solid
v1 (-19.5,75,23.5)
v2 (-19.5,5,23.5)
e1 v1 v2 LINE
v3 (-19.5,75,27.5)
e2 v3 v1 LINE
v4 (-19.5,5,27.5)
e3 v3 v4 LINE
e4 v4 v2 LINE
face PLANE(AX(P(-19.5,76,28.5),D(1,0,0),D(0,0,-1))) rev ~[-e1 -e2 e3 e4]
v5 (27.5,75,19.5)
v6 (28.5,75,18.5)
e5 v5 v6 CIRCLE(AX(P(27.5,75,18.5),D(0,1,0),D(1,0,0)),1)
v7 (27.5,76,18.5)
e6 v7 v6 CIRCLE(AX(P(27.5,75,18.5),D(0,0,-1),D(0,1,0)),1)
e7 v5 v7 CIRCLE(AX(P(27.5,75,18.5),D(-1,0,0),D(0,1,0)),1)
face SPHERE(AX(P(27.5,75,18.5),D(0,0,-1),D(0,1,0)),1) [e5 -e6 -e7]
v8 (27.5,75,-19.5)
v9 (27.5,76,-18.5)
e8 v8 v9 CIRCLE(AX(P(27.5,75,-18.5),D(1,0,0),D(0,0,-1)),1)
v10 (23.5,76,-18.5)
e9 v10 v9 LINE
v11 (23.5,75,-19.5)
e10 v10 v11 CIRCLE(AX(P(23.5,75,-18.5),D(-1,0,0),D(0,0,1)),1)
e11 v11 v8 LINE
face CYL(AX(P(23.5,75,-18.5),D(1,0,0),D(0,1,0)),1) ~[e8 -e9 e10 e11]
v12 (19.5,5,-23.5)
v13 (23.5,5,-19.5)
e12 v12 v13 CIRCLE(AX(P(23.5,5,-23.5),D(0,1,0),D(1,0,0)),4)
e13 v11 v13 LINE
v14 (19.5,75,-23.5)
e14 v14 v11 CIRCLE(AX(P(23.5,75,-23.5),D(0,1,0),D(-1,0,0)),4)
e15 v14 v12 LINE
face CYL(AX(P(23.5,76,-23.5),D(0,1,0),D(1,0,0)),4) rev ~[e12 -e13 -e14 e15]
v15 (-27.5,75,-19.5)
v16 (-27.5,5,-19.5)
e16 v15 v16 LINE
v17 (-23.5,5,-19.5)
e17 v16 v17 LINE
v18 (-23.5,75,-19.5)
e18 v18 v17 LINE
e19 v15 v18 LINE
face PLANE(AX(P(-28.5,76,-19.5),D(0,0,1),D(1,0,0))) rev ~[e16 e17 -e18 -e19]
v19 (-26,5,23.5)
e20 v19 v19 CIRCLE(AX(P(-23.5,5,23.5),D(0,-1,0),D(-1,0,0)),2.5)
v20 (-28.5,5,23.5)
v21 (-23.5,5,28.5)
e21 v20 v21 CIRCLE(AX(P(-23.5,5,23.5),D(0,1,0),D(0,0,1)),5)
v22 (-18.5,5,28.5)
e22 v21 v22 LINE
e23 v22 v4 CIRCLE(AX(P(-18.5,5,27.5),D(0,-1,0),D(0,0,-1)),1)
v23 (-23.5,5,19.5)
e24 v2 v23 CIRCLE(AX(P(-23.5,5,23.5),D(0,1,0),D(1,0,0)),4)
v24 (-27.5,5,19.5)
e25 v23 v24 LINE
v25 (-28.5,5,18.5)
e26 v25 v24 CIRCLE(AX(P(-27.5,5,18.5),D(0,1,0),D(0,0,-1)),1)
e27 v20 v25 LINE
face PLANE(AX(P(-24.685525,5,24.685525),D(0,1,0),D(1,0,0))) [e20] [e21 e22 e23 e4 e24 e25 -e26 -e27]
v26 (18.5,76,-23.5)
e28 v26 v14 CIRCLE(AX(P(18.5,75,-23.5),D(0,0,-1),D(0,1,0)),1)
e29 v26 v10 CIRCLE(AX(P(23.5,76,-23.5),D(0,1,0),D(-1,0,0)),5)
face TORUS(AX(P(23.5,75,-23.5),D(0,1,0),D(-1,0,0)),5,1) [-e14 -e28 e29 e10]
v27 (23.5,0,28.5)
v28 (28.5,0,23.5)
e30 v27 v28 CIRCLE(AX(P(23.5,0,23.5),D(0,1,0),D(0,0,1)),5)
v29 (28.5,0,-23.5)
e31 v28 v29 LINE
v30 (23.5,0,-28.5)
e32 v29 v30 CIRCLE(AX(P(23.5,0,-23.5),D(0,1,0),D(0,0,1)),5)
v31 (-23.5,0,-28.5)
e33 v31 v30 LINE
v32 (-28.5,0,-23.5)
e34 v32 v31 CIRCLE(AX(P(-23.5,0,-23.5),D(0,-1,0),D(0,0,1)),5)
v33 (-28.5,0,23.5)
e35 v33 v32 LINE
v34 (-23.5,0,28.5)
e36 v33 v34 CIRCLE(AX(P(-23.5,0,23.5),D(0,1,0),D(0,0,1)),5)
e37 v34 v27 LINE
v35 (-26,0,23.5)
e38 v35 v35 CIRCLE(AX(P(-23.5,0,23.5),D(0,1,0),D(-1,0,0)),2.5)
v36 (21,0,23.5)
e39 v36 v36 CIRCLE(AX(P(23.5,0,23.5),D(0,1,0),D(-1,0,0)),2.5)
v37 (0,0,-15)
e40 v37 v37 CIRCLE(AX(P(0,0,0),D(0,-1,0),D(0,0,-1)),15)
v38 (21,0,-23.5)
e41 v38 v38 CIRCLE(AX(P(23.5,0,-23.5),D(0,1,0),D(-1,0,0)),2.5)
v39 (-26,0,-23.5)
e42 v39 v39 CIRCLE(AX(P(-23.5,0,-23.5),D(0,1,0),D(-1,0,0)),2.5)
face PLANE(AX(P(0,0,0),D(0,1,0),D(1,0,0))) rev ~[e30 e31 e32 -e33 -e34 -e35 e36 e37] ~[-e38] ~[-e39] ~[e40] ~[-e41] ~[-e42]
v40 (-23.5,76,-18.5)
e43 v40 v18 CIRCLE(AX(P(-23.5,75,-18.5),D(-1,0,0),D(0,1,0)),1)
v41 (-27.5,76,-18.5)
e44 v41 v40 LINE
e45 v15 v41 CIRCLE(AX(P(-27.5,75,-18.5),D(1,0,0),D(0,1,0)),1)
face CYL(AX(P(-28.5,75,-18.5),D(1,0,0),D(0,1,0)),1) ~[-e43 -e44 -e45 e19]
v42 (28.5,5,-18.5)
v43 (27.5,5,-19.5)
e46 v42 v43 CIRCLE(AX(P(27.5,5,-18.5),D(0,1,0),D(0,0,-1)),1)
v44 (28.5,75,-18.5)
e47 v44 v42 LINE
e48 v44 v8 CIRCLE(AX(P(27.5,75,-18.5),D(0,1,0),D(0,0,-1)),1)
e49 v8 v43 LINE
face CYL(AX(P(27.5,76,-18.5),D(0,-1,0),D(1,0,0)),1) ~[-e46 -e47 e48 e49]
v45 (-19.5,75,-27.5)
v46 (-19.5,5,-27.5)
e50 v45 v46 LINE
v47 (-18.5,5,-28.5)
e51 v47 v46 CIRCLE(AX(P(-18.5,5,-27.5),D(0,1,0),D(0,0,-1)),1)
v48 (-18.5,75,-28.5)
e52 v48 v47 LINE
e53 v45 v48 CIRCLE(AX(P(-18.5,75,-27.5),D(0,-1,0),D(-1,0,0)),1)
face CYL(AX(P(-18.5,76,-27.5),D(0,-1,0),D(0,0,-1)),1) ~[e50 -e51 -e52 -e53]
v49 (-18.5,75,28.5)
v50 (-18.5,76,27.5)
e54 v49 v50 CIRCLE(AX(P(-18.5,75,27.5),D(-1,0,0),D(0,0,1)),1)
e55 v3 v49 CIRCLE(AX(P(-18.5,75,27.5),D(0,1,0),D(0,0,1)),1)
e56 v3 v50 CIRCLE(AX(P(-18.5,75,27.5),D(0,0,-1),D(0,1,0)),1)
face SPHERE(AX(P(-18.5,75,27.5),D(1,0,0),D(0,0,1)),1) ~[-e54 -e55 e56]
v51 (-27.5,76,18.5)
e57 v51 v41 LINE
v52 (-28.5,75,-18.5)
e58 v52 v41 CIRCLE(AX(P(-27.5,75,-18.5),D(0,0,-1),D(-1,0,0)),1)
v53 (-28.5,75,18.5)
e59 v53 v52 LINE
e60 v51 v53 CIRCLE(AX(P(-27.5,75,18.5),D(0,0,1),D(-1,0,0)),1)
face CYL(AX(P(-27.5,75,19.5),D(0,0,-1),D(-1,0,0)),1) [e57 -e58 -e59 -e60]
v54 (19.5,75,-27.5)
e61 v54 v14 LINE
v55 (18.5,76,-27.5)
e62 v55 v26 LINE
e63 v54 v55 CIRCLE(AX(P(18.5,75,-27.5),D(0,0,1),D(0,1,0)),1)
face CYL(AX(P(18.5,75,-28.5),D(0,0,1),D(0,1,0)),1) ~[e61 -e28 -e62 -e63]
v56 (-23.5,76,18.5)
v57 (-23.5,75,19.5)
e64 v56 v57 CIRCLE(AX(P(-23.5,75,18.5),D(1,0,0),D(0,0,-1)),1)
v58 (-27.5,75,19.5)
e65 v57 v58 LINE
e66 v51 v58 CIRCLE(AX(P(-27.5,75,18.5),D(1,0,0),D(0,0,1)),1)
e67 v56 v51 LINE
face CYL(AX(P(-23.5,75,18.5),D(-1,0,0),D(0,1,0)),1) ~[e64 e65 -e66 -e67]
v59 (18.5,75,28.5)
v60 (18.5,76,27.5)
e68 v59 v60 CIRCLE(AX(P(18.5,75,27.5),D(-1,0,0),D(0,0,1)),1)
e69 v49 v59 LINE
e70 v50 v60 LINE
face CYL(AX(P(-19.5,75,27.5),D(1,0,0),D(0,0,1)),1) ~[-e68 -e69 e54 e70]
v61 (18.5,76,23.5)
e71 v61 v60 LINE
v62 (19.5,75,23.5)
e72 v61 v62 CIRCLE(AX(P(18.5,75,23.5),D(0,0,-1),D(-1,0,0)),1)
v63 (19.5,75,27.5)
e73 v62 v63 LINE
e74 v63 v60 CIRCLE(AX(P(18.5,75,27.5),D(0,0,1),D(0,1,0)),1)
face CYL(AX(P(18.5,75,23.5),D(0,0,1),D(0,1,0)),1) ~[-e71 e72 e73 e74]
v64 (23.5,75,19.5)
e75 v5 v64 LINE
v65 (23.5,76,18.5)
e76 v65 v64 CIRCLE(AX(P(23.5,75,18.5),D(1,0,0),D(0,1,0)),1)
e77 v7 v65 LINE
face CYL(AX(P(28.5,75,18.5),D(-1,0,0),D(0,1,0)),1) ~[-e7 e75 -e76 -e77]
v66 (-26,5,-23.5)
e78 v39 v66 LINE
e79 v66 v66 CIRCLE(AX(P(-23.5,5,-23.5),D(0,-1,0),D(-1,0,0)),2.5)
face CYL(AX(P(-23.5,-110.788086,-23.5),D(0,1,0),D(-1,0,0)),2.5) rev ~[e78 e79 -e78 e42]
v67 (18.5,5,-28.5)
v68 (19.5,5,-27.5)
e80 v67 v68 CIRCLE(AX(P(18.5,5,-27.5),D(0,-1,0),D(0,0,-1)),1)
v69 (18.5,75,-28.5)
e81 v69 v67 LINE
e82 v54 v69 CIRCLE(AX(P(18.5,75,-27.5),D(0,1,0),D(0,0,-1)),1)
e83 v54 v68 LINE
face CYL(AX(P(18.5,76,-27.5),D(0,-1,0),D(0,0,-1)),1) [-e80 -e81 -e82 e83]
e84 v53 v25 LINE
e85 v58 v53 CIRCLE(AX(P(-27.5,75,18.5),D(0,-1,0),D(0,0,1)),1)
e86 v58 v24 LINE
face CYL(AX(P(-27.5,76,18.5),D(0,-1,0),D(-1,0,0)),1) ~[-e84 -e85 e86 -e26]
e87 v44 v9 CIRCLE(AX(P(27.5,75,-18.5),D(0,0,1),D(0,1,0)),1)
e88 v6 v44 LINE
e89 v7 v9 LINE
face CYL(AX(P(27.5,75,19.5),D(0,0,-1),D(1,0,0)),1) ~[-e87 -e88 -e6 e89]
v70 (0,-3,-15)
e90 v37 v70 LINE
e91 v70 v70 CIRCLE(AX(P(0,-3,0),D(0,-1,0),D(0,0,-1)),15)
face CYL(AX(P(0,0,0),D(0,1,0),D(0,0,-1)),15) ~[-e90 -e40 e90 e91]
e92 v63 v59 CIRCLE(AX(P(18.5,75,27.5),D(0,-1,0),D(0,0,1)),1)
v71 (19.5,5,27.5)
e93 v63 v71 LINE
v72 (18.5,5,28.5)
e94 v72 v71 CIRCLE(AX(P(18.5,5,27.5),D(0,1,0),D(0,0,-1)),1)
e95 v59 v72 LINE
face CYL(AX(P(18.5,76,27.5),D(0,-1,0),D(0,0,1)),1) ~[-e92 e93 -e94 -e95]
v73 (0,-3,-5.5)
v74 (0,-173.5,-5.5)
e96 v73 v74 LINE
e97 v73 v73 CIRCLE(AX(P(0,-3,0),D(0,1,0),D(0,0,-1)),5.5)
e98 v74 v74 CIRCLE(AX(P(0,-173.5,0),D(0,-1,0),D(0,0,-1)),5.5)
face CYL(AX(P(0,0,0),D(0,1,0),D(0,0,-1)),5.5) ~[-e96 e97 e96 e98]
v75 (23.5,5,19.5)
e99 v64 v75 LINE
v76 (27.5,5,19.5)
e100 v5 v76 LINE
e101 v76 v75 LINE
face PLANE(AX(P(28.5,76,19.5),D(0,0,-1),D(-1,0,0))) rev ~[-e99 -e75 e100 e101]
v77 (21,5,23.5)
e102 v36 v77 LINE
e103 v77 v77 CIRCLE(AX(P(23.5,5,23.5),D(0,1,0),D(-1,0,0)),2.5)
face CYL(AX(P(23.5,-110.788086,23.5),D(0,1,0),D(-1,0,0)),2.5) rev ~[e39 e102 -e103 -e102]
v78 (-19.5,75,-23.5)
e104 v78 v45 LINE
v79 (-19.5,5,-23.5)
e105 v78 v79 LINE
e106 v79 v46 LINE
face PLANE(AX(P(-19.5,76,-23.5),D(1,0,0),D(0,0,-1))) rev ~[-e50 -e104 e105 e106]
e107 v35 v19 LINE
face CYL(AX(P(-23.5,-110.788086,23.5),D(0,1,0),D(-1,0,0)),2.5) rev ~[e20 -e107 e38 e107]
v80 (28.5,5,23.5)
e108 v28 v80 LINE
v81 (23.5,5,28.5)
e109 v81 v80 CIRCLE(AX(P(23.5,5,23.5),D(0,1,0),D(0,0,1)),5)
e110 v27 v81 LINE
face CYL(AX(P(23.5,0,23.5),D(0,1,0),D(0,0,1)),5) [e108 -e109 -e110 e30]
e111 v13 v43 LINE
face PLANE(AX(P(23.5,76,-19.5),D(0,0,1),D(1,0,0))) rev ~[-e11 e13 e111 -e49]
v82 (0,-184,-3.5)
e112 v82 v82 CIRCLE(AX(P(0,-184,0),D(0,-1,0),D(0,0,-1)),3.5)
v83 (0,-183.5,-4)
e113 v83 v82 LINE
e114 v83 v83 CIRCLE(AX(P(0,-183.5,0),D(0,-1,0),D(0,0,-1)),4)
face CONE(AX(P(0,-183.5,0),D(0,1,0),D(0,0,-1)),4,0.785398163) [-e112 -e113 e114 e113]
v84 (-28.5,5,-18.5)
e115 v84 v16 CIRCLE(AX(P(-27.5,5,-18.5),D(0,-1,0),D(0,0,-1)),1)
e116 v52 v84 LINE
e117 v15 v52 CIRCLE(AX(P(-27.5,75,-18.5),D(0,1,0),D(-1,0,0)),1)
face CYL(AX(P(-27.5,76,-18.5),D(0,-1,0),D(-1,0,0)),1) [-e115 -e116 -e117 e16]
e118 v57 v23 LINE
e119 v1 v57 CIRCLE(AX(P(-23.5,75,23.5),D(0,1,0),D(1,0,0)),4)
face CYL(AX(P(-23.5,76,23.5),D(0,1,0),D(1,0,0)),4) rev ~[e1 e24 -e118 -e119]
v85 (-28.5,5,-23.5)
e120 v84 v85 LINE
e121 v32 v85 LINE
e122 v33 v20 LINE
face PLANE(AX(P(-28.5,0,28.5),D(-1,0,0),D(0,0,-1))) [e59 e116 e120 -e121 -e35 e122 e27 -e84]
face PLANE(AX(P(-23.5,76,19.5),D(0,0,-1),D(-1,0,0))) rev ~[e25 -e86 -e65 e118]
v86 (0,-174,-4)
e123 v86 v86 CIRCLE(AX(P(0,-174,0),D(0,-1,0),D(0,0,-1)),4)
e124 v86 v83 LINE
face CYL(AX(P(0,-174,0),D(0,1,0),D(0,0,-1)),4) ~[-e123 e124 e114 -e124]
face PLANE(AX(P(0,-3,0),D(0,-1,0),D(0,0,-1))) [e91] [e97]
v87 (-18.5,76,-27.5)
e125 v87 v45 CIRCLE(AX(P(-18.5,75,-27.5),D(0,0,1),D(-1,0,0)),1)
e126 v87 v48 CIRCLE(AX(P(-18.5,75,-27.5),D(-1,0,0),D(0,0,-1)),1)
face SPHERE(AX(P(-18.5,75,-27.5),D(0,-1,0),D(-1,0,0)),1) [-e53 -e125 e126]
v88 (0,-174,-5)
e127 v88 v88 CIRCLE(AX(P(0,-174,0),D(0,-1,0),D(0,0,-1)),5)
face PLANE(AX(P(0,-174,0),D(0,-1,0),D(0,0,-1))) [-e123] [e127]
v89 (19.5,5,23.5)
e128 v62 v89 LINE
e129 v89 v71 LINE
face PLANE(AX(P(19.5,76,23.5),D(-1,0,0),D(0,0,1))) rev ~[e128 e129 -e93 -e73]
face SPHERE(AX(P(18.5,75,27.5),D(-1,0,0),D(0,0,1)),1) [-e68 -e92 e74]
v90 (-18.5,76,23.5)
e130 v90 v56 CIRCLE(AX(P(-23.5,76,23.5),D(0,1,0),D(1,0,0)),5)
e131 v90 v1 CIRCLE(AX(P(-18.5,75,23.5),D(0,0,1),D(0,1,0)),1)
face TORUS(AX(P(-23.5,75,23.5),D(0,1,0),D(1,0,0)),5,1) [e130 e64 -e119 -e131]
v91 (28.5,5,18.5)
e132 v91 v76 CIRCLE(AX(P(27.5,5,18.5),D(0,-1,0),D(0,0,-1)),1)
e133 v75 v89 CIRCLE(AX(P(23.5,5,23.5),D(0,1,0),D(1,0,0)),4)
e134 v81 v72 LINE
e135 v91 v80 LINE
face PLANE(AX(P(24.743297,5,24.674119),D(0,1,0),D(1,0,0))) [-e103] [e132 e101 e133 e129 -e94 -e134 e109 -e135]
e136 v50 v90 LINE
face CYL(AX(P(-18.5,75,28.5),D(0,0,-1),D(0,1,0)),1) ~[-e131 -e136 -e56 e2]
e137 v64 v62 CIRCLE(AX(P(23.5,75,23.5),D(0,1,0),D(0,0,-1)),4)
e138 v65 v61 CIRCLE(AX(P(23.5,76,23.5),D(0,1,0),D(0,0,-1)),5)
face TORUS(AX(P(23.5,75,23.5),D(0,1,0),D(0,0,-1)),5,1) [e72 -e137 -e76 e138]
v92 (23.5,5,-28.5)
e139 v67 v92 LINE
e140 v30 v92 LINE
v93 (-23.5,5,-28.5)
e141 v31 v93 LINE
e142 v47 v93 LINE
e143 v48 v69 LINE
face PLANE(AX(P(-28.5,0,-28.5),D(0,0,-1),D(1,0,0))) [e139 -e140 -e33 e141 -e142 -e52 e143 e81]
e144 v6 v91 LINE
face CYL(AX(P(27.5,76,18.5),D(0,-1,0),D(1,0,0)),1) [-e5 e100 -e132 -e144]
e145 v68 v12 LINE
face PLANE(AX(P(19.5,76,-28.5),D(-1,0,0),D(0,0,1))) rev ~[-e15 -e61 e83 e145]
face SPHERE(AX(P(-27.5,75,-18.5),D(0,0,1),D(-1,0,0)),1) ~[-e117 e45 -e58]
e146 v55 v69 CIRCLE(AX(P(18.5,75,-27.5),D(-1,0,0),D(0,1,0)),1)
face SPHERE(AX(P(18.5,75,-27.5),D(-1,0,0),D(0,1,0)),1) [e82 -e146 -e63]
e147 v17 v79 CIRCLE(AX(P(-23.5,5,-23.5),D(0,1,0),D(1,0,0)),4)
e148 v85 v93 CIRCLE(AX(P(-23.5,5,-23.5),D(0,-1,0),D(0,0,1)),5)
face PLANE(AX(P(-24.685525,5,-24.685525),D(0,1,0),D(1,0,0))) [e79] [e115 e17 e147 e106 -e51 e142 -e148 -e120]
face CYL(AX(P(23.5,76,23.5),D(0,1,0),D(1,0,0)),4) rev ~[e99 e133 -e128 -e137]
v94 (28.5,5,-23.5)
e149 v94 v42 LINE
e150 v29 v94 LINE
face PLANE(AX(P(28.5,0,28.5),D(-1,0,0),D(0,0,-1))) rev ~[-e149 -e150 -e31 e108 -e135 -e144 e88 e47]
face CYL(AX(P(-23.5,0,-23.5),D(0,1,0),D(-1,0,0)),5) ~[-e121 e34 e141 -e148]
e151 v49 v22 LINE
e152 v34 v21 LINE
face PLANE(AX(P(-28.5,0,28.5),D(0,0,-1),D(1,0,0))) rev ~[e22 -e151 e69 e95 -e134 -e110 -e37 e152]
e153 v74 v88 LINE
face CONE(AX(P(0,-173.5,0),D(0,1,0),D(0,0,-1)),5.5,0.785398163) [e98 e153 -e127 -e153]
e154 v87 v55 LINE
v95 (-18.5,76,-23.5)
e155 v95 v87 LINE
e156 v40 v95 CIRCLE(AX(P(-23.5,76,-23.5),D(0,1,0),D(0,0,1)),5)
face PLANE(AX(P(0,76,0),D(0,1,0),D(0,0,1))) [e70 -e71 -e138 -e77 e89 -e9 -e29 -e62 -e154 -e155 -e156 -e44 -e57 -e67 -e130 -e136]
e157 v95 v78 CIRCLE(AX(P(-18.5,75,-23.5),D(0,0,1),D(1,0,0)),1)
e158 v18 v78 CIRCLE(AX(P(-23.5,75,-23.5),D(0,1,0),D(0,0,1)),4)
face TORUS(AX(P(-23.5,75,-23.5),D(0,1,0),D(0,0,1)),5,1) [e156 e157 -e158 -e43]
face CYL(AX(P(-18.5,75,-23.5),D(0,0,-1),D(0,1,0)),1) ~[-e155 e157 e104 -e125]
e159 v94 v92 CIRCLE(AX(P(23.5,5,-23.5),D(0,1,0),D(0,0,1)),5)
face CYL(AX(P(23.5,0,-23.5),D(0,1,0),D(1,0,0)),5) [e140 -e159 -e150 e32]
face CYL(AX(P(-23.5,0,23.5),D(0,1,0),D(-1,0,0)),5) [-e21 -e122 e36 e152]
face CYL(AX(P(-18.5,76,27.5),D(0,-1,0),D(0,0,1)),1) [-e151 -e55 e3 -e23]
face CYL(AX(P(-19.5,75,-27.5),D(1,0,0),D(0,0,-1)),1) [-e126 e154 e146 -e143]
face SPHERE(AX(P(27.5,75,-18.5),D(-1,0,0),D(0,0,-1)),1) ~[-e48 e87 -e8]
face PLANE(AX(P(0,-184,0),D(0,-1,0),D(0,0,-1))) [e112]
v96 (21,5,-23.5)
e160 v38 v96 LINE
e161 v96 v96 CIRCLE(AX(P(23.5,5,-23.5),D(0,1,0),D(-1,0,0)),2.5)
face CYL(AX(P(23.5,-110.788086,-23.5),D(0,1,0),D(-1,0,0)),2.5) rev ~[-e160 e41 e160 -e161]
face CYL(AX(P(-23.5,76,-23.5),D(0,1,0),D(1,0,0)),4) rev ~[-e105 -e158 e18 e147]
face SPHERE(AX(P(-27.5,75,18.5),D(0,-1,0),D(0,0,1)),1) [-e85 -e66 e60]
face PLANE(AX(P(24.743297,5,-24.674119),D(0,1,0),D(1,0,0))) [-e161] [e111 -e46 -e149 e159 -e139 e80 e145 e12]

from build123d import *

# Parameters (mm, degrees)
SKETCH1_W                = 57
SKETCH1_H                = 57
EXTRUDE1_DEPTH           = 76
F_5_0_5_DIAMETER_HOLE1_D = 5
SKETCH6_R                = 4
SKETCH6_R_2              = 2.5
EXTRUDE4_DEPTH           = 71
FILLET1_R                = 5
SKETCH7_R                = 3
EXTRUDE5_DEPTH           = 101
SKETCH8_R                = 15
EXTRUDE6_DEPTH           = 3
FILLET2_R                = 1
SKETCH9_R                = 5.5
BOSS_EXTRUDE1_DEPTH      = 174
CHAMFER1_SIZE            = 0.5
SKETCH10_R               = 4
BOSS_EXTRUDE2_DEPTH      = 10
CHAMFER2_SIZE            = 0.5


with BuildPart() as part:
    # Sketch1 → Extrude1 (new body)
    with BuildSketch(Plane(origin=(0, 0, 0), x_dir=(1, 0, 0), z_dir=(0, 1, 0))):
        Rectangle(SKETCH1_W, SKETCH1_H)
    extrude(amount=EXTRUDE1_DEPTH)

    # Ø5.0 (5) Diameter Hole1 (through all)
    with Locations(Plane.XZ):
        with Locations((-23.5, 23.5), (23.5, 23.5), (23.5, -23.5), (-23.5, -23.5)):
            Hole(F_5_0_5_DIAMETER_HOLE1_D / 2)

    # Sketch6 → Extrude4 (cut)
    # profile 1 of 12: a face of its own
    with BuildSketch(Plane(origin=(0, 76, 0), x_dir=(1, 0, 0), z_dir=(0, 1, 0))):
        Polygon((-28.5, 28.5), (-19.5, 28.5), (-19.5, 32.511741208), (-33.908905561, 32.511741208), (-33.908905561, 19.5), (-28.5, 19.5), align=None)
    # profile 2 of 12: a face of its own
    with BuildSketch(Plane(origin=(0, 76, 0), x_dir=(1, 0, 0), z_dir=(0, 1, 0))):
        with BuildLine():
            ThreePointArc((-23.5, 19.5), (-26.328427125, 26.328427125), (-19.5, 23.5))
            Line((-19.5, 23.5), (-19.5, 28.5))
            Line((-19.5, 28.5), (-28.5, 28.5))
            Line((-28.5, 28.5), (-28.5, 19.5))
            Line((-28.5, 19.5), (-23.5, 19.5))
        make_face()
    # profile 3 of 12: a face of its own
    with BuildSketch(Plane(origin=(0, 76, 0), x_dir=(1, 0, 0), z_dir=(0, 1, 0))):
        with Locations((-23.5, 23.5)):
            Circle(SKETCH6_R)
        with Locations(Location((-23.5, 23.5, 0), (0, 0, 90))):
            Circle(SKETCH6_R_2, mode=Mode.SUBTRACT)
    # profile 4 of 12: a face of its own
    with BuildSketch(Plane(origin=(0, 76, 0), x_dir=(1, 0, 0), z_dir=(0, 1, 0))):
        Polygon((19.5, 36.471560472), (19.5, 28.5), (28.5, 28.5), (28.5, 19.5), (41.168352552, 19.5), (41.168352552, 36.471560472), align=None)
    # profile 5 of 12: a face of its own
    with BuildSketch(Plane(origin=(0, 76, 0), x_dir=(1, 0, 0), z_dir=(0, 1, 0))):
        with BuildLine():
            Line((28.5, 28.5), (19.5, 28.5))
            Line((19.5, 28.5), (19.5, 23.5))
            ThreePointArc((19.5, 23.5), (23.5, 27.5), (27.5, 23.5))
            ThreePointArc((27.5, 23.5), (26.328427125, 20.671572875), (23.5, 19.5))
            Line((23.5, 19.5), (28.5, 19.5))
            Line((28.5, 19.5), (28.5, 28.5))
        make_face()
    # profile 6 of 12: a face of its own
    with BuildSketch(Plane(origin=(0, 76, 0), x_dir=(1, 0, 0), z_dir=(0, 1, 0))):
        with Locations((23.5, 23.5)):
            Circle(SKETCH6_R)
        with Locations(Location((23.5, 23.5, 0), (0, 0, 90))):
            Circle(SKETCH6_R_2, mode=Mode.SUBTRACT)
    # profile 7 of 12: a face of its own
    with BuildSketch(Plane(origin=(0, 76, 0), x_dir=(1, 0, 0), z_dir=(0, 1, 0))):
        with Locations((23.5, -23.5)):
            Circle(SKETCH6_R)
        with Locations(Location((23.5, -23.5, 0), (0, 0, 90))):
            Circle(SKETCH6_R_2, mode=Mode.SUBTRACT)
    # profile 8 of 12: a face of its own
    with BuildSketch(Plane(origin=(0, 76, 0), x_dir=(1, 0, 0), z_dir=(0, 1, 0))):
        with BuildLine():
            Line((28.5, -28.5), (28.5, -19.5))
            Line((28.5, -19.5), (23.5, -19.5))
            ThreePointArc((23.5, -19.5), (26.328427125, -20.671572875), (27.5, -23.5))
            ThreePointArc((27.5, -23.5), (23.5, -27.5), (19.5, -23.5))
            Line((19.5, -23.5), (19.5, -28.5))
            Line((19.5, -28.5), (28.5, -28.5))
        make_face()
    # profile 9 of 12: a face of its own
    with BuildSketch(Plane(origin=(0, 76, 0), x_dir=(1, 0, 0), z_dir=(0, 1, 0))):
        Polygon((44.252209519, -19.5), (28.5, -19.5), (28.5, -28.5), (19.5, -28.5), (19.5, -40.050429997), (44.252209519, -40.050429997), align=None)
    # profile 10 of 12: a face of its own
    with BuildSketch(Plane(origin=(0, 76, 0), x_dir=(1, 0, 0), z_dir=(0, 1, 0))):
        Polygon((-28.5, -28.5), (-28.5, -19.5), (-37.670786859, -19.5), (-37.670786859, -37.828231874), (-19.5, -37.828231874), (-19.5, -28.5), align=None)
    # profile 11 of 12: a face of its own
    with BuildSketch(Plane(origin=(0, 76, 0), x_dir=(1, 0, 0), z_dir=(0, 1, 0))):
        with BuildLine():
            Line((-23.5, -19.5), (-28.5, -19.5))
            Line((-28.5, -19.5), (-28.5, -28.5))
            Line((-28.5, -28.5), (-19.5, -28.5))
            Line((-19.5, -28.5), (-19.5, -23.5))
            ThreePointArc((-19.5, -23.5), (-26.328427125, -26.328427125), (-23.5, -19.5))
        make_face()
    # profile 12 of 12: a face of its own
    with BuildSketch(Plane(origin=(0, 76, 0), x_dir=(1, 0, 0), z_dir=(0, 1, 0))):
        with Locations((-23.5, -23.5)):
            Circle(SKETCH6_R)
        with Locations(Location((-23.5, -23.5, 0), (0, 0, 90))):
            Circle(SKETCH6_R_2, mode=Mode.SUBTRACT)
    extrude(amount=-EXTRUDE4_DEPTH, mode=Mode.SUBTRACT)

    # Fillet1
    fillet1_edges = [part.edges().sort_by_distance(p)[0] for p in [
        (-28.5, 2.5, 28.5),
        (-28.5, 2.5, -28.5),
        (28.5, 2.5, -28.5),
        (28.5, 2.5, 28.5),
    ]]
    fillet(fillet1_edges, radius=FILLET1_R)



with BuildPart() as body_2:
    # Sketch7 → Extrude5 (new body)
    with BuildSketch(Plane(origin=(0, 76, 0), x_dir=(1, 0, 0), z_dir=(0, 1, 0))):
        with Locations(Location((0, 0, 0), (0, 0, 270))):
            Circle(SKETCH7_R)
    extrude(amount=-EXTRUDE5_DEPTH)


with BuildPart() as part_1:
    add(part.part)

    add(body_2.part)  # Extrude6 merges body 2
    # Sketch8 → Extrude6 (add)
    with BuildSketch(Plane.XZ):
        with Locations(Location((0, 0, 0), (0, 0, 270))):
            Circle(SKETCH8_R)
    extrude(amount=EXTRUDE6_DEPTH)

    # Fillet2
    fillet2_edges = [part_1.edges().sort_by_distance(p)[0] for p in [
        (-28.5, 40.5, 19.5),
        (0, 76, 28.5),
        (-19.5, 40.5, 28.5),
        (-19.5, 76, 26),
        (-20.671572875, 76, 20.671572875),
        (-26, 76, 19.5),
        (-28.5, 76, 0),
        (-28.5, 40.5, -19.5),
        (-19.5, 40.5, -28.5),
        (-19.5, 76, -26),
        (-26, 76, -19.5),
        (-20.671572875, 76, -20.671572875),
        (0, 76, -28.5),
        (19.5, 76, -26),
        (26, 76, -19.5),
        (20.671572875, 76, -20.671572875),
        (19.5, 40.5, -28.5),
        (28.5, 40.5, -19.5),
        (19.5, 40.5, 28.5),
        (28.5, 76, 0),
        (26, 76, 19.5),
        (19.5, 76, 26),
        (20.671572875, 76, 20.671572875),
        (28.5, 40.5, 19.5),
    ]]
    fillet(fillet2_edges, radius=FILLET2_R)

    # Sketch9 → Boss-Extrude1 (add)
    with BuildSketch(Plane.XZ):
        with Locations(Location((0, 0, 0), (0, 0, 270))):
            Circle(SKETCH9_R)
    extrude(amount=BOSS_EXTRUDE1_DEPTH)

    # Chamfer1
    chamfer1_edges = [part_1.edges().sort_by_distance(p)[0] for p in [
        (0, -174, 5.5),
    ]]
    chamfer(chamfer1_edges, length=CHAMFER1_SIZE)

    # Sketch10 → Boss-Extrude2 (add)
    with BuildSketch(Plane.XZ.offset(174)):
        with Locations(Location((0, 0, 0), (0, 0, 270))):
            Circle(SKETCH10_R)
    extrude(amount=BOSS_EXTRUDE2_DEPTH)

    # Chamfer2
    chamfer2_edges = [part_1.edges().sort_by_distance(p)[0] for p in [
        (0, -184, 4),
    ]]
    chamfer(chamfer2_edges, length=CHAMFER2_SIZE)


solid = part_1.part
